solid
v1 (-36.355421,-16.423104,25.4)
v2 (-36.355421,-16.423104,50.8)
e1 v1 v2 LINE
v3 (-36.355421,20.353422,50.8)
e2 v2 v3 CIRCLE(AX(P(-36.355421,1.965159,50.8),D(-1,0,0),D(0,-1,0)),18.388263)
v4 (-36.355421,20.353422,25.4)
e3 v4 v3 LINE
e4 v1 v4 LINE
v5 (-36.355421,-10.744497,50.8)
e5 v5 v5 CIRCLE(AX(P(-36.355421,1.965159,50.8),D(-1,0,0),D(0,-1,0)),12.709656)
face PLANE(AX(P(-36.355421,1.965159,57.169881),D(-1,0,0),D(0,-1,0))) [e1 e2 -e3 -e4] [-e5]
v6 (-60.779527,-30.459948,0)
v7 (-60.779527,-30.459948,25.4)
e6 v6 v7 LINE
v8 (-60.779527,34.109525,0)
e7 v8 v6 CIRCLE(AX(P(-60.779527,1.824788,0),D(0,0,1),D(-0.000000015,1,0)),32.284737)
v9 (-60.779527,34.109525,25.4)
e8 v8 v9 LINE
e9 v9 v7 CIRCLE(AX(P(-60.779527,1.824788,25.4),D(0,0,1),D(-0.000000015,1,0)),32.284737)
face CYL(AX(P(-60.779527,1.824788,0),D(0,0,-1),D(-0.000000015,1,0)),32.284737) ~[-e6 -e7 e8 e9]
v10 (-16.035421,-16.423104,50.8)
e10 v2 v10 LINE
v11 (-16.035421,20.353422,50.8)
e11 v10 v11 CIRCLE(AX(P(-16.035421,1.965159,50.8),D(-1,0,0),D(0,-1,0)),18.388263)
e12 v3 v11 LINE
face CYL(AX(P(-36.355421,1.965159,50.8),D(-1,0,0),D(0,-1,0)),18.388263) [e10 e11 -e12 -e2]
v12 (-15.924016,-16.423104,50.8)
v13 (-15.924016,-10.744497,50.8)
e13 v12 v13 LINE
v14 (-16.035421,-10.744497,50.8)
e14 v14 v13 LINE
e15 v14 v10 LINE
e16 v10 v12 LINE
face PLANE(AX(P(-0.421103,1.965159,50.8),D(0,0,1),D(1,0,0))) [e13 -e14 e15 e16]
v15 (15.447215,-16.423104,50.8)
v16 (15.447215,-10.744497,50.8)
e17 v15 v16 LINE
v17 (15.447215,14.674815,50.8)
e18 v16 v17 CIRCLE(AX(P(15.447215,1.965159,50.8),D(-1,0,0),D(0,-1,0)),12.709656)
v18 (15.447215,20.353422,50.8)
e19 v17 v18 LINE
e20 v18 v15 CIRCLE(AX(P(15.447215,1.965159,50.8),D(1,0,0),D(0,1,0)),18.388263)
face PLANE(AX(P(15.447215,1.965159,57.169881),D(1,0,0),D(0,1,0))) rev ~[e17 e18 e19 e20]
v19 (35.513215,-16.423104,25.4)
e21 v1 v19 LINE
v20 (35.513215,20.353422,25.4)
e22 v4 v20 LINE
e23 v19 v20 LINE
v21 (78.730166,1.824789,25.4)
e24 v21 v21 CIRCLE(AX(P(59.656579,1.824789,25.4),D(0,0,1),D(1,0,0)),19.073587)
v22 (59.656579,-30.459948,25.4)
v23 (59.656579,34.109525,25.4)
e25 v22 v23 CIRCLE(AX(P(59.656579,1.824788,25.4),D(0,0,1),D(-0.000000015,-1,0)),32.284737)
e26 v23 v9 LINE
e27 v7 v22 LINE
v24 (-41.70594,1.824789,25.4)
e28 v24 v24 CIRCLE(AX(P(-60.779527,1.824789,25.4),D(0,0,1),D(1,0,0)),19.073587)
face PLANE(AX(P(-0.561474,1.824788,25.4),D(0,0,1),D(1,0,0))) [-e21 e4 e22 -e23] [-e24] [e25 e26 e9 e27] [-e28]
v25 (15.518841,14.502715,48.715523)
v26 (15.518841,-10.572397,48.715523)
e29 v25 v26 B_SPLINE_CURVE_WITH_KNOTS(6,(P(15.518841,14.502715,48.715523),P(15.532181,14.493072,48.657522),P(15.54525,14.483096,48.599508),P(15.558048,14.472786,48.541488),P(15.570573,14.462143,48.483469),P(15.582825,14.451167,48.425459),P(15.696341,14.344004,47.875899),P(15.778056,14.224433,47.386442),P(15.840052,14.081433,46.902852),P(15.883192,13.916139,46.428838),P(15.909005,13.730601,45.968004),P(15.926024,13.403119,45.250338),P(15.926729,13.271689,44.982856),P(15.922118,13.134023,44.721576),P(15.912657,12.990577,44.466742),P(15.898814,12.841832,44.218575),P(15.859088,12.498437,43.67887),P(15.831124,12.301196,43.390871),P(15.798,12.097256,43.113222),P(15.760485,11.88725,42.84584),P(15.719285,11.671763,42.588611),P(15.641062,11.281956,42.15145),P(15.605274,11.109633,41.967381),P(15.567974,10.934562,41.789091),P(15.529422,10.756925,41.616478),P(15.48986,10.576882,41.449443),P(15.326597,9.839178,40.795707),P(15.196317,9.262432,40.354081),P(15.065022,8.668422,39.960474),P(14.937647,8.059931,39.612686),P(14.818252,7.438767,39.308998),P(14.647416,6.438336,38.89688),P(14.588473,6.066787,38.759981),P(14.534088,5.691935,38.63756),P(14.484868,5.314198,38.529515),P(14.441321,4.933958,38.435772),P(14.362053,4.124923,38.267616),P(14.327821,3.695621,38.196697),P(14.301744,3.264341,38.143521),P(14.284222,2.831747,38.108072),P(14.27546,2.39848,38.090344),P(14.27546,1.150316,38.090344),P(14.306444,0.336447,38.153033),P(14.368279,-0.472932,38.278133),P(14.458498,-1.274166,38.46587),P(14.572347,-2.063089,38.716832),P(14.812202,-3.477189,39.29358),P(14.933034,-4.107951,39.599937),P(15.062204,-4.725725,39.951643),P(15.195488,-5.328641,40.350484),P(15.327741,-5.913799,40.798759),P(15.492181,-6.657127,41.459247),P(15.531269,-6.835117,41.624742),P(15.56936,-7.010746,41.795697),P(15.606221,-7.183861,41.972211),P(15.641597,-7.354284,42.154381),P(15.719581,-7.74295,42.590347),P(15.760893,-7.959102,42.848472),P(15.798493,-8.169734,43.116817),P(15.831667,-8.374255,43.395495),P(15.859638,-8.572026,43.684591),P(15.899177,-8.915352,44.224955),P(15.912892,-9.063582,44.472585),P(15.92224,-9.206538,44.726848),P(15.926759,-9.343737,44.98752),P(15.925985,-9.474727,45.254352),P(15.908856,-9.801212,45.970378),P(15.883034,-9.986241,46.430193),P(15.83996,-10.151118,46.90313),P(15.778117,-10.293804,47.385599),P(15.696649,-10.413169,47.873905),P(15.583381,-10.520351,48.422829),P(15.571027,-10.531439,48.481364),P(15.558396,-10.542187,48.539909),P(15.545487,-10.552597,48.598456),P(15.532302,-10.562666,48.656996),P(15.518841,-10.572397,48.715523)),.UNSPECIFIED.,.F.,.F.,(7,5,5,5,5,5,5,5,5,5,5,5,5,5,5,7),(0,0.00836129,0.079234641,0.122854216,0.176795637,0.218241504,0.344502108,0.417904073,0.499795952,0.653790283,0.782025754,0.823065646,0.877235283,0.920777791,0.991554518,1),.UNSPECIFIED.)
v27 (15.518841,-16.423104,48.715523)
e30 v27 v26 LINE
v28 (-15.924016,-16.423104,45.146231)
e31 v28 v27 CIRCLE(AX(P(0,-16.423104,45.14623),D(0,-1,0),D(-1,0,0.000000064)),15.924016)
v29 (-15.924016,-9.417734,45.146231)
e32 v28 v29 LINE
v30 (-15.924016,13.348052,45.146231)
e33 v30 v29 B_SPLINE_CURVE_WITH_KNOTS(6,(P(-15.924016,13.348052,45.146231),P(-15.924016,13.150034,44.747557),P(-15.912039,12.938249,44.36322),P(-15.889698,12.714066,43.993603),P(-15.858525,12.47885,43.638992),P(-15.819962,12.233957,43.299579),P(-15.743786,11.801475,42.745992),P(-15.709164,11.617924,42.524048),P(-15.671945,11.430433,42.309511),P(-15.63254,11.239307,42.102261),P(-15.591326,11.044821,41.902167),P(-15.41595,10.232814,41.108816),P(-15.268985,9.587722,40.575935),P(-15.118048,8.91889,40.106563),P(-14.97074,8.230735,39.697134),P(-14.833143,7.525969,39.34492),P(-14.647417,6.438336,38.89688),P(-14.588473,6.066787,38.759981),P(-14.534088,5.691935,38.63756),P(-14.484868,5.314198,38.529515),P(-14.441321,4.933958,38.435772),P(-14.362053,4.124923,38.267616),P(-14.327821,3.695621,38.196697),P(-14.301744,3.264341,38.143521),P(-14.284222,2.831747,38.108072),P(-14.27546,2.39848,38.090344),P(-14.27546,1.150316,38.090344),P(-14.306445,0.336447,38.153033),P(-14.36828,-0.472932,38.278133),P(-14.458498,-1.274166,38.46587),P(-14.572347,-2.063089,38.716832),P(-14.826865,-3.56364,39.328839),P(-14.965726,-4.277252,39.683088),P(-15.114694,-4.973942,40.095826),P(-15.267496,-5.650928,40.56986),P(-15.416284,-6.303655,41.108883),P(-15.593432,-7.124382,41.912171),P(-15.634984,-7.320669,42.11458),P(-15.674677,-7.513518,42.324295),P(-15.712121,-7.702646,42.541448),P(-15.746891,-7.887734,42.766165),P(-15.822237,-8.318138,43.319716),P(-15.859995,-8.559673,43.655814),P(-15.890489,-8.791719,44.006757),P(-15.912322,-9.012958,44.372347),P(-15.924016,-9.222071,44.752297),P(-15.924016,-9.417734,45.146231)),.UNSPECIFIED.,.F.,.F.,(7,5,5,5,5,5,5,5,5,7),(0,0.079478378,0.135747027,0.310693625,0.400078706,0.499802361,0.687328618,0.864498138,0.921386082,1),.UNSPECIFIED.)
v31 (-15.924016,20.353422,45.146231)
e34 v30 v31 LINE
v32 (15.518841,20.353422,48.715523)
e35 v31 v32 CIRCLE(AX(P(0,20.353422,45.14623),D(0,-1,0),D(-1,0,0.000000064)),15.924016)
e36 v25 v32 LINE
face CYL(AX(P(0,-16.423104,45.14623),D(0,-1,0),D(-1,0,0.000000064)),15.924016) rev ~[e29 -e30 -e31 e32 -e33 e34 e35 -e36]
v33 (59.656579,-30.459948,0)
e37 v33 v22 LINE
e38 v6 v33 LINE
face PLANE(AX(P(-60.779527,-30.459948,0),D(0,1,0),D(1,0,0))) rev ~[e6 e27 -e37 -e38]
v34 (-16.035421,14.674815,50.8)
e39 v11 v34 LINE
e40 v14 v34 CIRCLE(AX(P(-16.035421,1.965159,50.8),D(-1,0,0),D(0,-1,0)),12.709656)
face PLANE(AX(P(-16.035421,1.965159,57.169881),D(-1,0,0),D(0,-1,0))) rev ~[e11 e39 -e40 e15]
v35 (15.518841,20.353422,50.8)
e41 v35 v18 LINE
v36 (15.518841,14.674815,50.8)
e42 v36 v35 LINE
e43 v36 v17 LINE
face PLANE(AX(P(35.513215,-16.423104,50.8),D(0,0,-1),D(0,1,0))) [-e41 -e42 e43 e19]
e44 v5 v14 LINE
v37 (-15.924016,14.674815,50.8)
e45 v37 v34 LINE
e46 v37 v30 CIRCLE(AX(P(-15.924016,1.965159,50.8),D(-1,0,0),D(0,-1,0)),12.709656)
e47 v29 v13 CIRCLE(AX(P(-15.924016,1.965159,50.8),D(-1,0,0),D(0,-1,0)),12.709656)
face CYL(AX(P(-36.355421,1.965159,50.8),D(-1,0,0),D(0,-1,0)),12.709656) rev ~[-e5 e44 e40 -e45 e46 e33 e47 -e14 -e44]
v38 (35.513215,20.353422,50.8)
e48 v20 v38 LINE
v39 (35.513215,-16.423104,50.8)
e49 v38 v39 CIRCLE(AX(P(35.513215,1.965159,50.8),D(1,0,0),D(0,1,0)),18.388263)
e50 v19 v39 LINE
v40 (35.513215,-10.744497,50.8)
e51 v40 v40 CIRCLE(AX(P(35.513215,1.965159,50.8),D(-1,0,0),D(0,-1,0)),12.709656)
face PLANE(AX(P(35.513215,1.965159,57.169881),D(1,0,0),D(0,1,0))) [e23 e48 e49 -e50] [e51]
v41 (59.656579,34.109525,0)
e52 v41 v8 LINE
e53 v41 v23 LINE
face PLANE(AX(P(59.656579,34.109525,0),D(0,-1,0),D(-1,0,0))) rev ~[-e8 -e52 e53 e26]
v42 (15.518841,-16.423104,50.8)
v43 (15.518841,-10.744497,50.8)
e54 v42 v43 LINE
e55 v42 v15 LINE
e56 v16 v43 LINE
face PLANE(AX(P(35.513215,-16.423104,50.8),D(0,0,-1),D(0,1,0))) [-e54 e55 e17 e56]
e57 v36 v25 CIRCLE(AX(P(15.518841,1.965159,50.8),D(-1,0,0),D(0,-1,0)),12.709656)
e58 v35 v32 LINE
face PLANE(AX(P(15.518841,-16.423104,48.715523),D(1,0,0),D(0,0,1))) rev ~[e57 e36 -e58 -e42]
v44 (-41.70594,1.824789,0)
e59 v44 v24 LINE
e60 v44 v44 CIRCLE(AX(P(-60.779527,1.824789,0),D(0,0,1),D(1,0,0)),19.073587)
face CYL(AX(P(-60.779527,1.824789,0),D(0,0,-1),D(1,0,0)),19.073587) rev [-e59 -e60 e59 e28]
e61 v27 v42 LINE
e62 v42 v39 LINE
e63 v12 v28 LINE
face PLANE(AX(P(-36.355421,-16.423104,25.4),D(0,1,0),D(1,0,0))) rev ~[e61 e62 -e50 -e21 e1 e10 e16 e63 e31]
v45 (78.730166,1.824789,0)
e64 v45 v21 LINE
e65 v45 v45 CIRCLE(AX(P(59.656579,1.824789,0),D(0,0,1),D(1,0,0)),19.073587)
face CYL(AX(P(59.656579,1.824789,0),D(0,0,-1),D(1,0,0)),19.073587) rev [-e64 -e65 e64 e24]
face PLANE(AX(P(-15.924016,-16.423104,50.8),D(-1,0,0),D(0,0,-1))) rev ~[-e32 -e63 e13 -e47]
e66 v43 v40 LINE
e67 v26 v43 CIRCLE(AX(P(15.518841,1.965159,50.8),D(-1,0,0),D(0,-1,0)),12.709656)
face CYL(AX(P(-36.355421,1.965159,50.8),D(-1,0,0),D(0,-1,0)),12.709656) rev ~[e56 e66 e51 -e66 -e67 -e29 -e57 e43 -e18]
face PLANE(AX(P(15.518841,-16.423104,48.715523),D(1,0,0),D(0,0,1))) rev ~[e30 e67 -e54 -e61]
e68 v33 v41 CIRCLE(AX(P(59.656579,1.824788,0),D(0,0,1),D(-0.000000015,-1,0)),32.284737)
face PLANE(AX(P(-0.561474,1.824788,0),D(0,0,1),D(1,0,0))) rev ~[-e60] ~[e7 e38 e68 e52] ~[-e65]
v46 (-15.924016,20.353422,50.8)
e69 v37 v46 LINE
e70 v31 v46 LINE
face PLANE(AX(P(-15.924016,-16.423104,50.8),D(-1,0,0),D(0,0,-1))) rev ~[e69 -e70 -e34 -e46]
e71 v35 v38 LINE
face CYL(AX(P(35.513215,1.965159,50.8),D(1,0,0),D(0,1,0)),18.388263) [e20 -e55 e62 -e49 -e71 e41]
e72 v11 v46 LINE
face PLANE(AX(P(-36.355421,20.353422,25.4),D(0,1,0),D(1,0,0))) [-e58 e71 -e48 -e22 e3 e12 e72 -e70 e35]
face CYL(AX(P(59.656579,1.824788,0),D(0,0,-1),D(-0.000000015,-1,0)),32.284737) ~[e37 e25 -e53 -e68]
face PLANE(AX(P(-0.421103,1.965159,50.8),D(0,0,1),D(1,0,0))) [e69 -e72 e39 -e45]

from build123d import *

# Parameters (mm, degrees)
F0_R      = 19.073587
F1_DEPTH  = 25.4
F2_W      = 71.868636
F2_H      = 36.776526
F3_DEPTH  = 25.4
F5_DEPTH  = 43.942
F7_DEPTH  = 20.32
F9_DEPTH  = 20.066
F10_R     = 12.709656
F11_DEPTH = 88.646


with BuildPart() as f1:
    # F0 (on Top) → F1 (new body)
    with BuildSketch(Plane.XY):
        with BuildLine():
            Line((59.656579, 34.109525), (-60.779527, 34.109525))
            ThreePointArc((-60.779527, 34.109525), (-93.064263, 1.824789), (-60.779527, -30.459948))
            Line((-60.779527, -30.459948), (59.656579, -30.459948))
            ThreePointArc((59.656579, -30.459948), (91.941316, 1.824789), (59.656579, 34.109525))
        make_face()
        with Locations((-60.779527, 1.824789)):
            Circle(F0_R, mode=Mode.SUBTRACT)
        with Locations((59.656579, 1.824789)):
            Circle(F0_R, mode=Mode.SUBTRACT)
    extrude(amount=F1_DEPTH)

    # F2 (on face) → F3 (join)
    with BuildSketch(Plane.XY.offset(25.4)):
        with Locations((-0.421103, 1.965159)):
            Rectangle(F2_W, F2_H)
    extrude(amount=F3_DEPTH)

    # F4 (on face) → F5 (cut)
    with BuildSketch(Plane.XZ.offset(16.423104)):
        with BuildLine():
            Line((15.518841, 50.8), (-15.924016, 50.8))
            Line((-15.924016, 50.8), (-15.924016, 45.146231))
            ThreePointArc((-15.924016, 45.146231), (1.796108, 29.323832), (15.518841, 48.715523))
            Line((15.518841, 48.715523), (15.518841, 50.8))
        make_face()
    extrude(amount=-F5_DEPTH, mode=Mode.SUBTRACT)

    # F6 (on face) → F7 (join)
    with BuildSketch(Plane(origin=(-36.355421, 0, 0), x_dir=(0, -1, 0), z_dir=(-1, 0, 0))):
        with BuildLine():
            Line((-20.353422, 50.8), (16.423104, 50.8))
            ThreePointArc((16.423104, 50.8), (-1.965159, 69.188263), (-20.353422, 50.8))
        make_face()
    extrude(amount=-F7_DEPTH)

    # F8 (on face) → F9 (join)
    with BuildSketch(Plane.YZ.offset(35.513215)):
        with BuildLine():
            ThreePointArc((20.353422, 50.8), (1.965159, 69.188263), (-16.423104, 50.8))
            Line((-16.423104, 50.8), (20.353422, 50.8))
        make_face()
    extrude(amount=-F9_DEPTH)

    # F10 (on face) → F11 (cut)
    with BuildSketch(Plane(origin=(-36.355421, 0, 0), x_dir=(0, -1, 0), z_dir=(-1, 0, 0))):
        with Locations((-1.965159, 50.8)):
            Circle(F10_R)
    extrude(amount=-F11_DEPTH, mode=Mode.SUBTRACT)


solid = f1.part
